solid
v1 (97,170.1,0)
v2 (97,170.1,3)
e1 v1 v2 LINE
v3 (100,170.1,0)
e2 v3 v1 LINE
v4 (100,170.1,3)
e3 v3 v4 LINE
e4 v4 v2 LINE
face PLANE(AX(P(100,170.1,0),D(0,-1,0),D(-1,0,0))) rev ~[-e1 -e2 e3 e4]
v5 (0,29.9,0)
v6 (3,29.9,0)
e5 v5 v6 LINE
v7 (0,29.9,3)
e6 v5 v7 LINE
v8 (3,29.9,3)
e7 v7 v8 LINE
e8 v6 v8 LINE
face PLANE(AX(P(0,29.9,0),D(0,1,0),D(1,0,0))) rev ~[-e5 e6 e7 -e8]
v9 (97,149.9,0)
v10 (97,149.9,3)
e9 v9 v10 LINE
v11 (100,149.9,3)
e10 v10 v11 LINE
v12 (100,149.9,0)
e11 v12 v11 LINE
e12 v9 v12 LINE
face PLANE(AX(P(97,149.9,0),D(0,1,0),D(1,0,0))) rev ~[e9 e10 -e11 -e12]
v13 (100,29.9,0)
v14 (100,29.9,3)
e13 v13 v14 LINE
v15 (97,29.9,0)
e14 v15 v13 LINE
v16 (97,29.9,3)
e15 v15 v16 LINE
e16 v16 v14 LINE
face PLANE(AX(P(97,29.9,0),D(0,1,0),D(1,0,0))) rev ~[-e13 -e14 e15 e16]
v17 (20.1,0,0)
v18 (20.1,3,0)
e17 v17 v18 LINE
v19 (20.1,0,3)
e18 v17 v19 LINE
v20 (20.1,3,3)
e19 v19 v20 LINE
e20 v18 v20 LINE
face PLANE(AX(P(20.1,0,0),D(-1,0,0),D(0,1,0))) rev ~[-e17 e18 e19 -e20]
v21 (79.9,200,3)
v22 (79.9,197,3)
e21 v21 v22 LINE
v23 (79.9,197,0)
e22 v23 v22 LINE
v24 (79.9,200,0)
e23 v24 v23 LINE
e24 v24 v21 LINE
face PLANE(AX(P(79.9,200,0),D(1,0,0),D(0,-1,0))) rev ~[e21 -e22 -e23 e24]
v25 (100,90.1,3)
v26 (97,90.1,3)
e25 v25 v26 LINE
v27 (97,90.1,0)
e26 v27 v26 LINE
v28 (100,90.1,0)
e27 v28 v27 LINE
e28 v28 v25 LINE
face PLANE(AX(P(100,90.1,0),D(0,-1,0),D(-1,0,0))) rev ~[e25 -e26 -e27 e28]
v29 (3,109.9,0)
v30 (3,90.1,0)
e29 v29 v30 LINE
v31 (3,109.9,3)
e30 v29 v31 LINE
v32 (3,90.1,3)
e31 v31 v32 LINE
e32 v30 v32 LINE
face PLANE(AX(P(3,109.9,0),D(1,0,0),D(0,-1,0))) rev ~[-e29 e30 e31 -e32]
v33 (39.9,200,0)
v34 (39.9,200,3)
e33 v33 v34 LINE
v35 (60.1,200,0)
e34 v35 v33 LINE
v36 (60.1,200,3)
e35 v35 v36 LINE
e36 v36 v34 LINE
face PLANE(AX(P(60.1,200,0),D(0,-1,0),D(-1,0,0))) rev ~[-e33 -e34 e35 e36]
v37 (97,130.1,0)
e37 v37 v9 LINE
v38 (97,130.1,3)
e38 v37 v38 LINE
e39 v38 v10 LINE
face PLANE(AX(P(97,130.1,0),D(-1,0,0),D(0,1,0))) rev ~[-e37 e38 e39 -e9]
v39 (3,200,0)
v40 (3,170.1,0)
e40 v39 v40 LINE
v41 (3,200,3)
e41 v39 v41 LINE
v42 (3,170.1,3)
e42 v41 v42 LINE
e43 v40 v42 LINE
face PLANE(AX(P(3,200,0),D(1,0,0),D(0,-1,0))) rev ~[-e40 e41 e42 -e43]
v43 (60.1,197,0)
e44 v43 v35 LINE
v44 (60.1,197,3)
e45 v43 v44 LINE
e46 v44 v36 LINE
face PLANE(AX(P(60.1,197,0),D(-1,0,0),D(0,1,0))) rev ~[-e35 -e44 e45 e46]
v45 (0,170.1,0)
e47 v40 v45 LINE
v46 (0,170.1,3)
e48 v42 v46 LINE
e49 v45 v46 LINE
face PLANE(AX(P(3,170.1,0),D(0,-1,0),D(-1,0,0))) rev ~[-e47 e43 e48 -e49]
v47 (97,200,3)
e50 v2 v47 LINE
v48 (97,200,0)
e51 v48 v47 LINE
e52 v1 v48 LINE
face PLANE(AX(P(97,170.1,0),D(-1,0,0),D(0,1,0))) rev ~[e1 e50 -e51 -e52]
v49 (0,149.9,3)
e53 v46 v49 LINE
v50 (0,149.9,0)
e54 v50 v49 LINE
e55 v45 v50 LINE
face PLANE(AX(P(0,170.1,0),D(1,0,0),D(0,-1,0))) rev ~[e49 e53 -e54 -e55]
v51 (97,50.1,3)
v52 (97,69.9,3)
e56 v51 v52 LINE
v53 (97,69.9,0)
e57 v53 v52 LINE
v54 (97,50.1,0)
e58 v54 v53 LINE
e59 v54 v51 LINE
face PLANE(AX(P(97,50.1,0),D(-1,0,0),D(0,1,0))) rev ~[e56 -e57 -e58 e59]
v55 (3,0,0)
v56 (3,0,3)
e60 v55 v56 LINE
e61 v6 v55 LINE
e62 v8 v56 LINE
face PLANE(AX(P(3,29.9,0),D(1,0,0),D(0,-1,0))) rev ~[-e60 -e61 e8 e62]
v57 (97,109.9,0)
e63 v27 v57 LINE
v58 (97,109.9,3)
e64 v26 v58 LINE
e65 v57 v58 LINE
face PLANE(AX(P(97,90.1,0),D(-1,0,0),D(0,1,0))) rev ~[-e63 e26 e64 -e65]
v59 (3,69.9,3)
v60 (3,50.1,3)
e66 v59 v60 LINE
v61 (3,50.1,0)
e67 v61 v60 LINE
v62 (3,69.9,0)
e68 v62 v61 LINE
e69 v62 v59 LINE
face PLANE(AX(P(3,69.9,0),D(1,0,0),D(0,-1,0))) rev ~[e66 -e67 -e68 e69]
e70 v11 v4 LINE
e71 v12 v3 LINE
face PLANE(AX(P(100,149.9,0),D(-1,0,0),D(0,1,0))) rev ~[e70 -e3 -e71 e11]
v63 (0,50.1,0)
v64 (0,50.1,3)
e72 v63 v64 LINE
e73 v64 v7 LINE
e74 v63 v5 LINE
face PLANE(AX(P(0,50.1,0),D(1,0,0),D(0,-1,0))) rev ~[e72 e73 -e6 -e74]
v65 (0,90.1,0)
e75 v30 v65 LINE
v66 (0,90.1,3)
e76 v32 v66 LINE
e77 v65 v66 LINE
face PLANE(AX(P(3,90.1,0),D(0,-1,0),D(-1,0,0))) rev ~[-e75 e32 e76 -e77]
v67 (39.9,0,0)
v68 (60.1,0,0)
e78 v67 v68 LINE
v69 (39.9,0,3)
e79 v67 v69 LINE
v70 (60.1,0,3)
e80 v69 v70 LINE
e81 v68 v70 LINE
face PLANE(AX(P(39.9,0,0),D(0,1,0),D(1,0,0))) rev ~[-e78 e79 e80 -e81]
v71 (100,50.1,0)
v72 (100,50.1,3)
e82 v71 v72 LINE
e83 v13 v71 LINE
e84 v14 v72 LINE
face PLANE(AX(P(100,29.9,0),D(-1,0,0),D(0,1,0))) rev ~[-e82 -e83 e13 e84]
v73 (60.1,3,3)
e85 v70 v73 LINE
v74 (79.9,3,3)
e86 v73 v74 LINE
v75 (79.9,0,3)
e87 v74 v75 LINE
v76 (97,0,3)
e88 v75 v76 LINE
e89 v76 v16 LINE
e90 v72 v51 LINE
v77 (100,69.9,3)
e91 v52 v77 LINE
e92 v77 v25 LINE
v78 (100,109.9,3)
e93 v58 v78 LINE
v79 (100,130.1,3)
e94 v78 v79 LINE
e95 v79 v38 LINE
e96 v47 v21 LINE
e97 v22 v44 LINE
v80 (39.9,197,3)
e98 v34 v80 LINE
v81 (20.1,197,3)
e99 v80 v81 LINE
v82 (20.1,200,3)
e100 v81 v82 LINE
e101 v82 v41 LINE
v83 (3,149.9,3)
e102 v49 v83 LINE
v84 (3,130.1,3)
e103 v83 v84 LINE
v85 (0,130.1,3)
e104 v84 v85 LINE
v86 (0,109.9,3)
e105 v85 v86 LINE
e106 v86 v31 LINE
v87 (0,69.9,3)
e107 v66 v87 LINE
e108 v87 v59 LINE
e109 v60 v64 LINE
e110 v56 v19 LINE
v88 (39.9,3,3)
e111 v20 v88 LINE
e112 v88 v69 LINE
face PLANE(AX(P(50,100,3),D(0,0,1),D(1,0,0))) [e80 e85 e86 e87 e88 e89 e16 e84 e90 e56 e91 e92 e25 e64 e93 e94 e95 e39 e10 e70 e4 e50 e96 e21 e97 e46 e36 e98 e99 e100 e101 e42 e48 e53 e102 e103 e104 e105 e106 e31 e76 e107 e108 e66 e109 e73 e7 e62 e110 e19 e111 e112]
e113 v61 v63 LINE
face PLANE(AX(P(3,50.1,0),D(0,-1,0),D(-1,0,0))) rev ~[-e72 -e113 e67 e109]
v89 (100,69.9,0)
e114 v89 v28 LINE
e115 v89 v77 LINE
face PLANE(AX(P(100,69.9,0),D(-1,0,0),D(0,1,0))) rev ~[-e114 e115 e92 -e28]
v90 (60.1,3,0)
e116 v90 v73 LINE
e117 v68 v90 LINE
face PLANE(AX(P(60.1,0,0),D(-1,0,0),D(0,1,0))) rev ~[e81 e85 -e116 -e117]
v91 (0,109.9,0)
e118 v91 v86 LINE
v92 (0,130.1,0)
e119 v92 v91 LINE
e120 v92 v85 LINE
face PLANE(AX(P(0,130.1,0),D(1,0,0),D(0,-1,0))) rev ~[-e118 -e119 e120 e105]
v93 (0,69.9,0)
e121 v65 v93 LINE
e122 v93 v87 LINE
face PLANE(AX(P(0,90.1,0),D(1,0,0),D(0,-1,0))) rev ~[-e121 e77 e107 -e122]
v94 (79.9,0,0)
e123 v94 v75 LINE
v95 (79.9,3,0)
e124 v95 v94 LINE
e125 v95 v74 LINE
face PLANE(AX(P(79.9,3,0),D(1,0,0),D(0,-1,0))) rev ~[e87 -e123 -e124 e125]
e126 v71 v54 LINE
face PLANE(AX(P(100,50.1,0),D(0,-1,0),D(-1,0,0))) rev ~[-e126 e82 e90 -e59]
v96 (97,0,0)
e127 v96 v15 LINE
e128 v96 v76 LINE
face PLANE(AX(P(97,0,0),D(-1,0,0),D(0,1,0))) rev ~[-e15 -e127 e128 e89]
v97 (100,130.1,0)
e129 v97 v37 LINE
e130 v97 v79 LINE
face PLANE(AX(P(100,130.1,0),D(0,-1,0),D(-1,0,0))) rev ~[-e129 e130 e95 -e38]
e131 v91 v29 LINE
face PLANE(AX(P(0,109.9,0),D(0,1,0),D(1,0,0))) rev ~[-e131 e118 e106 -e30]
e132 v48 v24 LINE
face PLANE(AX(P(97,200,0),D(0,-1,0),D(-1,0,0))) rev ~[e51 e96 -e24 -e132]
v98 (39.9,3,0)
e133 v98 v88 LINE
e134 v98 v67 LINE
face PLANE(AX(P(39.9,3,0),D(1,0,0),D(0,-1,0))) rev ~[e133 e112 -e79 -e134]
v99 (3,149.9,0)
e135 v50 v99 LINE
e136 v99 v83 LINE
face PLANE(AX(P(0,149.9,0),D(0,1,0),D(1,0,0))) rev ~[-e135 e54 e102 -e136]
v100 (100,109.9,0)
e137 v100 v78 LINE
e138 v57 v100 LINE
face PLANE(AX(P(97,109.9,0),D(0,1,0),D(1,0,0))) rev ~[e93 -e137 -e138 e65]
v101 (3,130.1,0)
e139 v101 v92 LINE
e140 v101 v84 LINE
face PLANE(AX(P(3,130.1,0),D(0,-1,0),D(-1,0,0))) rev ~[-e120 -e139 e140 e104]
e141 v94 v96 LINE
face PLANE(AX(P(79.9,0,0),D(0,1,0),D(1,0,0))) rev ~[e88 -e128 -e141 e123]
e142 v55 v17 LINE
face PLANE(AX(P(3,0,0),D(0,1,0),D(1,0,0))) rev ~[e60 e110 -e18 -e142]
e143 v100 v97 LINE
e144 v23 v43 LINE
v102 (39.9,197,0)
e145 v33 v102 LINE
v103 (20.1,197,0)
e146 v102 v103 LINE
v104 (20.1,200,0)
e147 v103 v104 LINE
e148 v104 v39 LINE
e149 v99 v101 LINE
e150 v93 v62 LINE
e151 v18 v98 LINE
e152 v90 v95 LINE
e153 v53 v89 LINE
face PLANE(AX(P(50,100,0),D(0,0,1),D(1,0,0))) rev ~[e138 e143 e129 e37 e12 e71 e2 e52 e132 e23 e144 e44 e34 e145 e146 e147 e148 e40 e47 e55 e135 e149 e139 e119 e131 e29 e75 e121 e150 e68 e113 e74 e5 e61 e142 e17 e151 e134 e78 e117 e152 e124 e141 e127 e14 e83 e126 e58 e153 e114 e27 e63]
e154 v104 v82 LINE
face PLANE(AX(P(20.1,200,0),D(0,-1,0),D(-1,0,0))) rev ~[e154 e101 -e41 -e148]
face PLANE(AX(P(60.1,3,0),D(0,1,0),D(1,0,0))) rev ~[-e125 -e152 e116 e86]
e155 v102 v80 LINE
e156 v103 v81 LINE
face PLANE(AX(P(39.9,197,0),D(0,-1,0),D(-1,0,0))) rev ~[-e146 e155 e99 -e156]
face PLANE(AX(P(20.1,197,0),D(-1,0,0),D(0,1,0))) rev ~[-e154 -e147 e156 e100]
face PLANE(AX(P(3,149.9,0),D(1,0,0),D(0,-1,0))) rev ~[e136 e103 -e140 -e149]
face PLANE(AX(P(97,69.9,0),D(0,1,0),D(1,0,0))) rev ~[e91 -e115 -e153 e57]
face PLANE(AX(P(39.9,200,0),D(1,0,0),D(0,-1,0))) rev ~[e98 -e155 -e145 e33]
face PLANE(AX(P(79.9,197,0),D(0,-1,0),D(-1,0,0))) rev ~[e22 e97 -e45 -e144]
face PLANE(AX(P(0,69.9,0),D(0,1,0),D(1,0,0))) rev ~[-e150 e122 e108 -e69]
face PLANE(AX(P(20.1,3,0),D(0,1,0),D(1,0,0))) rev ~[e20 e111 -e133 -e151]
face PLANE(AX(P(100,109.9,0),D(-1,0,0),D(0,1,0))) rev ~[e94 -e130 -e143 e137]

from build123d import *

# Parameters (mm, degrees)
BOSS_EXTRUDE1_DEPTH = 3


with BuildPart() as part:
    # Sketch1 → Boss-Extrude1 (new body)
    with BuildSketch(Plane.XY):
        Polygon((97, 109.9), (100, 109.9), (100, 130.1), (97, 130.1), (97, 149.9), (100, 149.9), (100, 170.1), (97, 170.1), (97, 200), (79.9, 200), (79.9, 197), (60.1, 197), (60.1, 200), (39.9, 200), (39.9, 197), (20.1, 197), (20.1, 200), (3, 200), (3, 170.1), (0, 170.1), (0, 149.9), (3, 149.9), (3, 130.1), (0, 130.1), (0, 109.9), (3, 109.9), (3, 90.1), (0, 90.1), (0, 69.9), (3, 69.9), (3, 50.1), (0, 50.1), (0, 29.9), (3, 29.9), (3, 0), (20.1, 0), (20.1, 3), (39.9, 3), (39.9, 0), (60.1, 0), (60.1, 3), (79.9, 3), (79.9, 0), (97, 0), (97, 29.9), (100, 29.9), (100, 50.1), (97, 50.1), (97, 69.9), (100, 69.9), (100, 90.1), (97, 90.1), align=None)
    extrude(amount=BOSS_EXTRUDE1_DEPTH)


solid = part.part
